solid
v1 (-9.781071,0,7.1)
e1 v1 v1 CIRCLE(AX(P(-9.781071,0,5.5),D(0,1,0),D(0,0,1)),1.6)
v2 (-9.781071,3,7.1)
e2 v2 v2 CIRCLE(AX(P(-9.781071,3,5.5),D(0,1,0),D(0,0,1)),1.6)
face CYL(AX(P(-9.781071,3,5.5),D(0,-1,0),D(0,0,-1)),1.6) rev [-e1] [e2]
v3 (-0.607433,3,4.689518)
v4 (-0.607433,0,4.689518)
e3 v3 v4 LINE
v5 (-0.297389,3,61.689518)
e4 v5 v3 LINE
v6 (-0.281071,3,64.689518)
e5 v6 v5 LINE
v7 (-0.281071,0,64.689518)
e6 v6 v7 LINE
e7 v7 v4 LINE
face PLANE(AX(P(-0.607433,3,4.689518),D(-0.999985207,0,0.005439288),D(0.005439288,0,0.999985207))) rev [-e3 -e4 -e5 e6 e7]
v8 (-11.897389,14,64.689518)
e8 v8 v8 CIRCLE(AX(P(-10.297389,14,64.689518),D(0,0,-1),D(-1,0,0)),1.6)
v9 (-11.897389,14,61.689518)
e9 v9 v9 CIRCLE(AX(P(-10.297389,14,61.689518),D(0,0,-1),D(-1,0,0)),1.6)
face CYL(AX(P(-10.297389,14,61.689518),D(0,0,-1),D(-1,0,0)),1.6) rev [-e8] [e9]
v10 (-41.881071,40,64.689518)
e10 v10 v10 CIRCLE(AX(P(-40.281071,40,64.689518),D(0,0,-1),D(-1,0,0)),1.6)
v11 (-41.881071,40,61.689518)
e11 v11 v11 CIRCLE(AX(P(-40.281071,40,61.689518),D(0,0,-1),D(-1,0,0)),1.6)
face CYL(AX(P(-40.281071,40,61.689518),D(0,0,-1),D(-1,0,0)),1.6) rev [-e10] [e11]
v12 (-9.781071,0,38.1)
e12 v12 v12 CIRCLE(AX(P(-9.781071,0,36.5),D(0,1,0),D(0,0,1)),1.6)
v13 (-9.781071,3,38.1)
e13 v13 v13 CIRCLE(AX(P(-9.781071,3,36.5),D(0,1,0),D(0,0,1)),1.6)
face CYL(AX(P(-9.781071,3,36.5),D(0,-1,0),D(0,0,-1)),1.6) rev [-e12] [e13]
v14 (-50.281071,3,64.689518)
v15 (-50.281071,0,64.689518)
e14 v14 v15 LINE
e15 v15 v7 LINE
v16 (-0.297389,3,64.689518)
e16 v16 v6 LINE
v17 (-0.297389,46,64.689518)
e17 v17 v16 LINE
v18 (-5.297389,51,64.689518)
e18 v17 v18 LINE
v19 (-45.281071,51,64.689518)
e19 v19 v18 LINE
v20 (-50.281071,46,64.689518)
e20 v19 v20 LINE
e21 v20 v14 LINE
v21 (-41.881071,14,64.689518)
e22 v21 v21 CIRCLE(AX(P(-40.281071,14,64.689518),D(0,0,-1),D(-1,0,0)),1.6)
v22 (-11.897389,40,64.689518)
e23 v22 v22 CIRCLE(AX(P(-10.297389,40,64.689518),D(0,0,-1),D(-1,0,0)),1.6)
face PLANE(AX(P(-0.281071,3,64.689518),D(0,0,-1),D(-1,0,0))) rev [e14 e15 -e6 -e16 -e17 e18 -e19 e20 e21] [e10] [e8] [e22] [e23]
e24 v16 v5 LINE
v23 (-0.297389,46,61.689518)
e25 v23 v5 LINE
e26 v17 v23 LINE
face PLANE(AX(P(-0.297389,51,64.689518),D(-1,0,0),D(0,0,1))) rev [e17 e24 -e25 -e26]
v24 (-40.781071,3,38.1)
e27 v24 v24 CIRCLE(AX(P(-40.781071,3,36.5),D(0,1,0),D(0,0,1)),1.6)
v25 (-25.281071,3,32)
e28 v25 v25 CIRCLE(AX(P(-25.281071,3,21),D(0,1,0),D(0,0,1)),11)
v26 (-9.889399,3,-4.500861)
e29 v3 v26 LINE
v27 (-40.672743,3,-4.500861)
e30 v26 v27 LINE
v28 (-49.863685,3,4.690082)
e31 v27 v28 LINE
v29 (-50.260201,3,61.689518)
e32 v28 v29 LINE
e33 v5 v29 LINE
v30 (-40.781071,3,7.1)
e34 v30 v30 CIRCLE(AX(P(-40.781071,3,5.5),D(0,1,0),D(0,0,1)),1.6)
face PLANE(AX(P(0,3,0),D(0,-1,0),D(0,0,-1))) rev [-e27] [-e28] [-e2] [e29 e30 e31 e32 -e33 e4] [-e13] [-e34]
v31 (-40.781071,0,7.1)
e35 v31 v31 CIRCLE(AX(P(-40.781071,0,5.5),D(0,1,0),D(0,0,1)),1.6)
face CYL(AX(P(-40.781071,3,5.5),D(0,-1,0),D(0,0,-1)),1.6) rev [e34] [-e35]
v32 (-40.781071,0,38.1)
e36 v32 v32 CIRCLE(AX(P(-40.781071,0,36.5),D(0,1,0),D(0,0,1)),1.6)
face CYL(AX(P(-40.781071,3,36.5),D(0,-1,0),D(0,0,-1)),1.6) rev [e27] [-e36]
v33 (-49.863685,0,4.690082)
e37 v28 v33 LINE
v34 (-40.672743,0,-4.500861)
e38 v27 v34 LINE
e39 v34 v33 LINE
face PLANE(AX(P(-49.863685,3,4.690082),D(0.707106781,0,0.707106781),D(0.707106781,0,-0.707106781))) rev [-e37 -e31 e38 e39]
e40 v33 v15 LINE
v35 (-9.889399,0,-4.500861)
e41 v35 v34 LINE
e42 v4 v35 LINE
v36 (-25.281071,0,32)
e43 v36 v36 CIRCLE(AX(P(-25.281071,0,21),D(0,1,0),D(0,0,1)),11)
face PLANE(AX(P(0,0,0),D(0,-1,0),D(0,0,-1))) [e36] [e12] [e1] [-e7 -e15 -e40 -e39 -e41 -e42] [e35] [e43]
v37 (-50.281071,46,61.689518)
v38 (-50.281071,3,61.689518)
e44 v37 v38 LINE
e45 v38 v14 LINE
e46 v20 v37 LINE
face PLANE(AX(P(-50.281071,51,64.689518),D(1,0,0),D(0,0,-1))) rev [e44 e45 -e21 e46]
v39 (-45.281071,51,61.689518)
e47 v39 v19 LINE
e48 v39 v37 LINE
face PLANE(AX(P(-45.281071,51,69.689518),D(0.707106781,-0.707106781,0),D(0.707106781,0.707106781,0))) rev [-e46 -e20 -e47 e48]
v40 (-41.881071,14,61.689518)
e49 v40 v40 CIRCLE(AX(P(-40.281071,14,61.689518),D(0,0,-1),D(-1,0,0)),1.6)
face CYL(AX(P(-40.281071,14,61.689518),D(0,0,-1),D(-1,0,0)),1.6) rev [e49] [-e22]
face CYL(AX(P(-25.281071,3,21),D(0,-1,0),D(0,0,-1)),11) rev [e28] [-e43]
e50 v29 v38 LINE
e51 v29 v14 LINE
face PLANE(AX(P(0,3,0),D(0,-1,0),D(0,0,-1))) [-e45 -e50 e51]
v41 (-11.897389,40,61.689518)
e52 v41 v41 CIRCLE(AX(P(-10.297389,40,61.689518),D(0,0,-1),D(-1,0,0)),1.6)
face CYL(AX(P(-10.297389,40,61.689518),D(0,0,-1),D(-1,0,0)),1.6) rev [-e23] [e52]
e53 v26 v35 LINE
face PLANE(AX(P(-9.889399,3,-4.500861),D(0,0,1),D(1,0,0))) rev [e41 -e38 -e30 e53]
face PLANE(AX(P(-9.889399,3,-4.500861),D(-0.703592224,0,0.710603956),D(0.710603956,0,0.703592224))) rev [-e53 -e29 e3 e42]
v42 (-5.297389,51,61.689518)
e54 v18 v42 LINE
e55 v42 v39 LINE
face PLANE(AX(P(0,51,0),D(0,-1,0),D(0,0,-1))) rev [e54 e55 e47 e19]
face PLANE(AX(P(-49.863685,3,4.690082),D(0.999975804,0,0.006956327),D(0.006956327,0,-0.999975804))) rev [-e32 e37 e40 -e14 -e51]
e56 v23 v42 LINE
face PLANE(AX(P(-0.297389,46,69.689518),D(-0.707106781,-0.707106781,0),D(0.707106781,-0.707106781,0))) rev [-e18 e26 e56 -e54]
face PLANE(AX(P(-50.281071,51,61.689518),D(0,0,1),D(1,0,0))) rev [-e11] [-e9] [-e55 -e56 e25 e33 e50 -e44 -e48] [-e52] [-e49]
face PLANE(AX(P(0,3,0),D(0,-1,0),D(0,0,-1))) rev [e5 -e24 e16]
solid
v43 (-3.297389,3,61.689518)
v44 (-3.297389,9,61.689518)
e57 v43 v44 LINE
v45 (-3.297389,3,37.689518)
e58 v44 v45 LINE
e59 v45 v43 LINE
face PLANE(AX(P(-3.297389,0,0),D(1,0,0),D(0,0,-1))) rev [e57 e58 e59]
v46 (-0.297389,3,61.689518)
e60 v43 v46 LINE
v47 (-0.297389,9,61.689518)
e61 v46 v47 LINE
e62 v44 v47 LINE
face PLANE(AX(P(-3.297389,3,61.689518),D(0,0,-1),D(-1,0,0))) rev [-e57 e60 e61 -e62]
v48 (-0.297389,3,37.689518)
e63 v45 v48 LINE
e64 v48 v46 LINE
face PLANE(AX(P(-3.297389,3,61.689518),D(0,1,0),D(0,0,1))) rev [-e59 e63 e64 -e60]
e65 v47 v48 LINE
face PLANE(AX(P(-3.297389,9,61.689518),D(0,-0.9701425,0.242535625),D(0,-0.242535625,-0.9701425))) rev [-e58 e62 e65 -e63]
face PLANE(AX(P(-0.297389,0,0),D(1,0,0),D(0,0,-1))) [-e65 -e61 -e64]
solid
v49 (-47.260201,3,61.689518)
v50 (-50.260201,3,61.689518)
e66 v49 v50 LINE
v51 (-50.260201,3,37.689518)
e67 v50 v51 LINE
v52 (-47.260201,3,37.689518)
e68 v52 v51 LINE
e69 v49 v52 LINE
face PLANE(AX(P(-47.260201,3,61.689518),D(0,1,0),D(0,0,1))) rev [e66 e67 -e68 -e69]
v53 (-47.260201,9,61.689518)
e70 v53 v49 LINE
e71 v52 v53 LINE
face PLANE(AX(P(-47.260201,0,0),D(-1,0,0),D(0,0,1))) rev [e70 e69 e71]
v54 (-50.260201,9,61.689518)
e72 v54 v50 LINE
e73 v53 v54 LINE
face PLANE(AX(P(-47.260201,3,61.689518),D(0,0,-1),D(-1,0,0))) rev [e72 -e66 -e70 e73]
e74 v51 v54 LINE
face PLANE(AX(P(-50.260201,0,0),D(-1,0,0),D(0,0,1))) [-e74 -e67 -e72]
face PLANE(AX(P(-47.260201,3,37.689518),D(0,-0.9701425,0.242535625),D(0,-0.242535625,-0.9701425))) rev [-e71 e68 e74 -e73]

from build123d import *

# Parameters (mm, degrees)
SKETCH2_R                      = 11
SKETCH2_R_2                    = 1.6
BOSS_EXTRUDE1_DEPTH            = 3
SKETCH4_W                      = 49.983681894
SKETCH4_H                      = 3
BOSS_EXTRUDE2_DEPTH            = 48
CUT_EXTRUDE1_DEPTH             = 8
F_3_2_3_2_DIAMETER_HOLE1_D     = 3.2
F_3_2_3_2_DIAMETER_HOLE1_DEPTH = 3.2
F_3_2_3_2_DIAMETER_HOLE1_TIP   = 0.96137699
GUSSET1_THICKNESS              = 3
GUSSET2_THICKNESS              = 3


with BuildPart() as part:
    # Sketch2 → Boss-Extrude1 (new body)
    with BuildSketch(Plane(origin=(0, 0, 0), x_dir=(1, 0, 0), z_dir=(0, 1, 0))):
        Polygon((-0.281070854, -64.689517544), (-50.281070854, -64.689517544), (-49.863685081, -4.690081702), (-40.672742725, 4.500860654), (-9.889398982, 4.500860654), (-0.607432979, -4.689517544), align=None)
        with Locations(Location((-25.281070854, -21, 0), (0, 0, 270))):
            Circle(SKETCH2_R, mode=Mode.SUBTRACT)
        with Locations(Location((-40.781070854, -5.5, 0), (0, 0, 270))):
            Circle(SKETCH2_R_2, mode=Mode.SUBTRACT)
        with Locations(Location((-9.781070854, -5.5, 0), (0, 0, 270))):
            Circle(SKETCH2_R_2, mode=Mode.SUBTRACT)
        with Locations(Location((-40.781070854, -36.5, 0), (0, 0, 270))):
            Circle(SKETCH2_R_2, mode=Mode.SUBTRACT)
        with Locations(Location((-9.781070854, -36.5, 0), (0, 0, 270))):
            Circle(SKETCH2_R_2, mode=Mode.SUBTRACT)
    extrude(amount=BOSS_EXTRUDE1_DEPTH)

    # Sketch4 → Boss-Extrude2 (add)
    with BuildSketch(Plane(origin=(0, 3, 0), x_dir=(1, 0, 0), z_dir=(0, 1, 0))):
        with Locations((-25.289229907, -63.189517544)):
            Rectangle(SKETCH4_W, SKETCH4_H)
    extrude(amount=BOSS_EXTRUDE2_DEPTH)

    # Sketch5 → Cut-Extrude1 (cut)
    with BuildSketch(Plane(origin=(0, 0, 61.689517544), x_dir=(-1, 0, 0), z_dir=(0, 0, -1))):
        Polygon((0.29738896, 51), (0.29738896, 46), (5.29738896, 51), align=None)
        Polygon((50.281070854, 51), (45.281070854, 51), (50.281070854, 46), align=None)
    extrude(amount=-CUT_EXTRUDE1_DEPTH, mode=Mode.SUBTRACT)

    # Ø3.2 (3.2) Diameter Hole1
    with Locations(Plane(origin=(0, 0, 61.689517544), x_dir=(-1, 0, 0), z_dir=(0, 0, -1))):
        with Locations((10.29738896, 40), (40.281070854, 40), (40.281070854, 14), (10.29738896, 14)):
            Hole(F_3_2_3_2_DIAMETER_HOLE1_D / 2, depth=F_3_2_3_2_DIAMETER_HOLE1_DEPTH)
            with Locations((0, 0, -(F_3_2_3_2_DIAMETER_HOLE1_DEPTH + F_3_2_3_2_DIAMETER_HOLE1_TIP / 2))):  # 118° drill point
                Cone(0, F_3_2_3_2_DIAMETER_HOLE1_D / 2, F_3_2_3_2_DIAMETER_HOLE1_TIP, mode=Mode.SUBTRACT)


with BuildPart() as body_2:
    # Gusset1: a gusset: a plate 3.0 thick in the corner of two members, its outline drawn in place
    gusset1_outline = Wire([Line((-47.260201369, 3, 61.689517544), (-47.260201369, 3, 37.689517544)), Line((-47.260201369, 3, 37.689517544), (-47.260201369, 9, 61.689517544)), Line((-47.260201369, 9, 61.689517544), (-47.260201369, 3, 61.689517544))])
    add(extrude(Face(gusset1_outline), amount=GUSSET1_THICKNESS, dir=(-1, 0, 0)))


with BuildPart() as body_3:
    # Gusset2: a gusset: a plate 3.0 thick in the corner of two members, its outline drawn in place
    gusset2_outline = Wire([Line((-3.29738896, 3, 61.689517544), (-3.29738896, 9, 61.689517544)), Line((-3.29738896, 9, 61.689517544), (-3.29738896, 3, 37.689517544)), Line((-3.29738896, 3, 37.689517544), (-3.29738896, 3, 61.689517544))])
    add(extrude(Face(gusset2_outline), amount=GUSSET2_THICKNESS, dir=(1, 0, 0)))


solid = Compound([part.part, body_2.part, body_3.part])
